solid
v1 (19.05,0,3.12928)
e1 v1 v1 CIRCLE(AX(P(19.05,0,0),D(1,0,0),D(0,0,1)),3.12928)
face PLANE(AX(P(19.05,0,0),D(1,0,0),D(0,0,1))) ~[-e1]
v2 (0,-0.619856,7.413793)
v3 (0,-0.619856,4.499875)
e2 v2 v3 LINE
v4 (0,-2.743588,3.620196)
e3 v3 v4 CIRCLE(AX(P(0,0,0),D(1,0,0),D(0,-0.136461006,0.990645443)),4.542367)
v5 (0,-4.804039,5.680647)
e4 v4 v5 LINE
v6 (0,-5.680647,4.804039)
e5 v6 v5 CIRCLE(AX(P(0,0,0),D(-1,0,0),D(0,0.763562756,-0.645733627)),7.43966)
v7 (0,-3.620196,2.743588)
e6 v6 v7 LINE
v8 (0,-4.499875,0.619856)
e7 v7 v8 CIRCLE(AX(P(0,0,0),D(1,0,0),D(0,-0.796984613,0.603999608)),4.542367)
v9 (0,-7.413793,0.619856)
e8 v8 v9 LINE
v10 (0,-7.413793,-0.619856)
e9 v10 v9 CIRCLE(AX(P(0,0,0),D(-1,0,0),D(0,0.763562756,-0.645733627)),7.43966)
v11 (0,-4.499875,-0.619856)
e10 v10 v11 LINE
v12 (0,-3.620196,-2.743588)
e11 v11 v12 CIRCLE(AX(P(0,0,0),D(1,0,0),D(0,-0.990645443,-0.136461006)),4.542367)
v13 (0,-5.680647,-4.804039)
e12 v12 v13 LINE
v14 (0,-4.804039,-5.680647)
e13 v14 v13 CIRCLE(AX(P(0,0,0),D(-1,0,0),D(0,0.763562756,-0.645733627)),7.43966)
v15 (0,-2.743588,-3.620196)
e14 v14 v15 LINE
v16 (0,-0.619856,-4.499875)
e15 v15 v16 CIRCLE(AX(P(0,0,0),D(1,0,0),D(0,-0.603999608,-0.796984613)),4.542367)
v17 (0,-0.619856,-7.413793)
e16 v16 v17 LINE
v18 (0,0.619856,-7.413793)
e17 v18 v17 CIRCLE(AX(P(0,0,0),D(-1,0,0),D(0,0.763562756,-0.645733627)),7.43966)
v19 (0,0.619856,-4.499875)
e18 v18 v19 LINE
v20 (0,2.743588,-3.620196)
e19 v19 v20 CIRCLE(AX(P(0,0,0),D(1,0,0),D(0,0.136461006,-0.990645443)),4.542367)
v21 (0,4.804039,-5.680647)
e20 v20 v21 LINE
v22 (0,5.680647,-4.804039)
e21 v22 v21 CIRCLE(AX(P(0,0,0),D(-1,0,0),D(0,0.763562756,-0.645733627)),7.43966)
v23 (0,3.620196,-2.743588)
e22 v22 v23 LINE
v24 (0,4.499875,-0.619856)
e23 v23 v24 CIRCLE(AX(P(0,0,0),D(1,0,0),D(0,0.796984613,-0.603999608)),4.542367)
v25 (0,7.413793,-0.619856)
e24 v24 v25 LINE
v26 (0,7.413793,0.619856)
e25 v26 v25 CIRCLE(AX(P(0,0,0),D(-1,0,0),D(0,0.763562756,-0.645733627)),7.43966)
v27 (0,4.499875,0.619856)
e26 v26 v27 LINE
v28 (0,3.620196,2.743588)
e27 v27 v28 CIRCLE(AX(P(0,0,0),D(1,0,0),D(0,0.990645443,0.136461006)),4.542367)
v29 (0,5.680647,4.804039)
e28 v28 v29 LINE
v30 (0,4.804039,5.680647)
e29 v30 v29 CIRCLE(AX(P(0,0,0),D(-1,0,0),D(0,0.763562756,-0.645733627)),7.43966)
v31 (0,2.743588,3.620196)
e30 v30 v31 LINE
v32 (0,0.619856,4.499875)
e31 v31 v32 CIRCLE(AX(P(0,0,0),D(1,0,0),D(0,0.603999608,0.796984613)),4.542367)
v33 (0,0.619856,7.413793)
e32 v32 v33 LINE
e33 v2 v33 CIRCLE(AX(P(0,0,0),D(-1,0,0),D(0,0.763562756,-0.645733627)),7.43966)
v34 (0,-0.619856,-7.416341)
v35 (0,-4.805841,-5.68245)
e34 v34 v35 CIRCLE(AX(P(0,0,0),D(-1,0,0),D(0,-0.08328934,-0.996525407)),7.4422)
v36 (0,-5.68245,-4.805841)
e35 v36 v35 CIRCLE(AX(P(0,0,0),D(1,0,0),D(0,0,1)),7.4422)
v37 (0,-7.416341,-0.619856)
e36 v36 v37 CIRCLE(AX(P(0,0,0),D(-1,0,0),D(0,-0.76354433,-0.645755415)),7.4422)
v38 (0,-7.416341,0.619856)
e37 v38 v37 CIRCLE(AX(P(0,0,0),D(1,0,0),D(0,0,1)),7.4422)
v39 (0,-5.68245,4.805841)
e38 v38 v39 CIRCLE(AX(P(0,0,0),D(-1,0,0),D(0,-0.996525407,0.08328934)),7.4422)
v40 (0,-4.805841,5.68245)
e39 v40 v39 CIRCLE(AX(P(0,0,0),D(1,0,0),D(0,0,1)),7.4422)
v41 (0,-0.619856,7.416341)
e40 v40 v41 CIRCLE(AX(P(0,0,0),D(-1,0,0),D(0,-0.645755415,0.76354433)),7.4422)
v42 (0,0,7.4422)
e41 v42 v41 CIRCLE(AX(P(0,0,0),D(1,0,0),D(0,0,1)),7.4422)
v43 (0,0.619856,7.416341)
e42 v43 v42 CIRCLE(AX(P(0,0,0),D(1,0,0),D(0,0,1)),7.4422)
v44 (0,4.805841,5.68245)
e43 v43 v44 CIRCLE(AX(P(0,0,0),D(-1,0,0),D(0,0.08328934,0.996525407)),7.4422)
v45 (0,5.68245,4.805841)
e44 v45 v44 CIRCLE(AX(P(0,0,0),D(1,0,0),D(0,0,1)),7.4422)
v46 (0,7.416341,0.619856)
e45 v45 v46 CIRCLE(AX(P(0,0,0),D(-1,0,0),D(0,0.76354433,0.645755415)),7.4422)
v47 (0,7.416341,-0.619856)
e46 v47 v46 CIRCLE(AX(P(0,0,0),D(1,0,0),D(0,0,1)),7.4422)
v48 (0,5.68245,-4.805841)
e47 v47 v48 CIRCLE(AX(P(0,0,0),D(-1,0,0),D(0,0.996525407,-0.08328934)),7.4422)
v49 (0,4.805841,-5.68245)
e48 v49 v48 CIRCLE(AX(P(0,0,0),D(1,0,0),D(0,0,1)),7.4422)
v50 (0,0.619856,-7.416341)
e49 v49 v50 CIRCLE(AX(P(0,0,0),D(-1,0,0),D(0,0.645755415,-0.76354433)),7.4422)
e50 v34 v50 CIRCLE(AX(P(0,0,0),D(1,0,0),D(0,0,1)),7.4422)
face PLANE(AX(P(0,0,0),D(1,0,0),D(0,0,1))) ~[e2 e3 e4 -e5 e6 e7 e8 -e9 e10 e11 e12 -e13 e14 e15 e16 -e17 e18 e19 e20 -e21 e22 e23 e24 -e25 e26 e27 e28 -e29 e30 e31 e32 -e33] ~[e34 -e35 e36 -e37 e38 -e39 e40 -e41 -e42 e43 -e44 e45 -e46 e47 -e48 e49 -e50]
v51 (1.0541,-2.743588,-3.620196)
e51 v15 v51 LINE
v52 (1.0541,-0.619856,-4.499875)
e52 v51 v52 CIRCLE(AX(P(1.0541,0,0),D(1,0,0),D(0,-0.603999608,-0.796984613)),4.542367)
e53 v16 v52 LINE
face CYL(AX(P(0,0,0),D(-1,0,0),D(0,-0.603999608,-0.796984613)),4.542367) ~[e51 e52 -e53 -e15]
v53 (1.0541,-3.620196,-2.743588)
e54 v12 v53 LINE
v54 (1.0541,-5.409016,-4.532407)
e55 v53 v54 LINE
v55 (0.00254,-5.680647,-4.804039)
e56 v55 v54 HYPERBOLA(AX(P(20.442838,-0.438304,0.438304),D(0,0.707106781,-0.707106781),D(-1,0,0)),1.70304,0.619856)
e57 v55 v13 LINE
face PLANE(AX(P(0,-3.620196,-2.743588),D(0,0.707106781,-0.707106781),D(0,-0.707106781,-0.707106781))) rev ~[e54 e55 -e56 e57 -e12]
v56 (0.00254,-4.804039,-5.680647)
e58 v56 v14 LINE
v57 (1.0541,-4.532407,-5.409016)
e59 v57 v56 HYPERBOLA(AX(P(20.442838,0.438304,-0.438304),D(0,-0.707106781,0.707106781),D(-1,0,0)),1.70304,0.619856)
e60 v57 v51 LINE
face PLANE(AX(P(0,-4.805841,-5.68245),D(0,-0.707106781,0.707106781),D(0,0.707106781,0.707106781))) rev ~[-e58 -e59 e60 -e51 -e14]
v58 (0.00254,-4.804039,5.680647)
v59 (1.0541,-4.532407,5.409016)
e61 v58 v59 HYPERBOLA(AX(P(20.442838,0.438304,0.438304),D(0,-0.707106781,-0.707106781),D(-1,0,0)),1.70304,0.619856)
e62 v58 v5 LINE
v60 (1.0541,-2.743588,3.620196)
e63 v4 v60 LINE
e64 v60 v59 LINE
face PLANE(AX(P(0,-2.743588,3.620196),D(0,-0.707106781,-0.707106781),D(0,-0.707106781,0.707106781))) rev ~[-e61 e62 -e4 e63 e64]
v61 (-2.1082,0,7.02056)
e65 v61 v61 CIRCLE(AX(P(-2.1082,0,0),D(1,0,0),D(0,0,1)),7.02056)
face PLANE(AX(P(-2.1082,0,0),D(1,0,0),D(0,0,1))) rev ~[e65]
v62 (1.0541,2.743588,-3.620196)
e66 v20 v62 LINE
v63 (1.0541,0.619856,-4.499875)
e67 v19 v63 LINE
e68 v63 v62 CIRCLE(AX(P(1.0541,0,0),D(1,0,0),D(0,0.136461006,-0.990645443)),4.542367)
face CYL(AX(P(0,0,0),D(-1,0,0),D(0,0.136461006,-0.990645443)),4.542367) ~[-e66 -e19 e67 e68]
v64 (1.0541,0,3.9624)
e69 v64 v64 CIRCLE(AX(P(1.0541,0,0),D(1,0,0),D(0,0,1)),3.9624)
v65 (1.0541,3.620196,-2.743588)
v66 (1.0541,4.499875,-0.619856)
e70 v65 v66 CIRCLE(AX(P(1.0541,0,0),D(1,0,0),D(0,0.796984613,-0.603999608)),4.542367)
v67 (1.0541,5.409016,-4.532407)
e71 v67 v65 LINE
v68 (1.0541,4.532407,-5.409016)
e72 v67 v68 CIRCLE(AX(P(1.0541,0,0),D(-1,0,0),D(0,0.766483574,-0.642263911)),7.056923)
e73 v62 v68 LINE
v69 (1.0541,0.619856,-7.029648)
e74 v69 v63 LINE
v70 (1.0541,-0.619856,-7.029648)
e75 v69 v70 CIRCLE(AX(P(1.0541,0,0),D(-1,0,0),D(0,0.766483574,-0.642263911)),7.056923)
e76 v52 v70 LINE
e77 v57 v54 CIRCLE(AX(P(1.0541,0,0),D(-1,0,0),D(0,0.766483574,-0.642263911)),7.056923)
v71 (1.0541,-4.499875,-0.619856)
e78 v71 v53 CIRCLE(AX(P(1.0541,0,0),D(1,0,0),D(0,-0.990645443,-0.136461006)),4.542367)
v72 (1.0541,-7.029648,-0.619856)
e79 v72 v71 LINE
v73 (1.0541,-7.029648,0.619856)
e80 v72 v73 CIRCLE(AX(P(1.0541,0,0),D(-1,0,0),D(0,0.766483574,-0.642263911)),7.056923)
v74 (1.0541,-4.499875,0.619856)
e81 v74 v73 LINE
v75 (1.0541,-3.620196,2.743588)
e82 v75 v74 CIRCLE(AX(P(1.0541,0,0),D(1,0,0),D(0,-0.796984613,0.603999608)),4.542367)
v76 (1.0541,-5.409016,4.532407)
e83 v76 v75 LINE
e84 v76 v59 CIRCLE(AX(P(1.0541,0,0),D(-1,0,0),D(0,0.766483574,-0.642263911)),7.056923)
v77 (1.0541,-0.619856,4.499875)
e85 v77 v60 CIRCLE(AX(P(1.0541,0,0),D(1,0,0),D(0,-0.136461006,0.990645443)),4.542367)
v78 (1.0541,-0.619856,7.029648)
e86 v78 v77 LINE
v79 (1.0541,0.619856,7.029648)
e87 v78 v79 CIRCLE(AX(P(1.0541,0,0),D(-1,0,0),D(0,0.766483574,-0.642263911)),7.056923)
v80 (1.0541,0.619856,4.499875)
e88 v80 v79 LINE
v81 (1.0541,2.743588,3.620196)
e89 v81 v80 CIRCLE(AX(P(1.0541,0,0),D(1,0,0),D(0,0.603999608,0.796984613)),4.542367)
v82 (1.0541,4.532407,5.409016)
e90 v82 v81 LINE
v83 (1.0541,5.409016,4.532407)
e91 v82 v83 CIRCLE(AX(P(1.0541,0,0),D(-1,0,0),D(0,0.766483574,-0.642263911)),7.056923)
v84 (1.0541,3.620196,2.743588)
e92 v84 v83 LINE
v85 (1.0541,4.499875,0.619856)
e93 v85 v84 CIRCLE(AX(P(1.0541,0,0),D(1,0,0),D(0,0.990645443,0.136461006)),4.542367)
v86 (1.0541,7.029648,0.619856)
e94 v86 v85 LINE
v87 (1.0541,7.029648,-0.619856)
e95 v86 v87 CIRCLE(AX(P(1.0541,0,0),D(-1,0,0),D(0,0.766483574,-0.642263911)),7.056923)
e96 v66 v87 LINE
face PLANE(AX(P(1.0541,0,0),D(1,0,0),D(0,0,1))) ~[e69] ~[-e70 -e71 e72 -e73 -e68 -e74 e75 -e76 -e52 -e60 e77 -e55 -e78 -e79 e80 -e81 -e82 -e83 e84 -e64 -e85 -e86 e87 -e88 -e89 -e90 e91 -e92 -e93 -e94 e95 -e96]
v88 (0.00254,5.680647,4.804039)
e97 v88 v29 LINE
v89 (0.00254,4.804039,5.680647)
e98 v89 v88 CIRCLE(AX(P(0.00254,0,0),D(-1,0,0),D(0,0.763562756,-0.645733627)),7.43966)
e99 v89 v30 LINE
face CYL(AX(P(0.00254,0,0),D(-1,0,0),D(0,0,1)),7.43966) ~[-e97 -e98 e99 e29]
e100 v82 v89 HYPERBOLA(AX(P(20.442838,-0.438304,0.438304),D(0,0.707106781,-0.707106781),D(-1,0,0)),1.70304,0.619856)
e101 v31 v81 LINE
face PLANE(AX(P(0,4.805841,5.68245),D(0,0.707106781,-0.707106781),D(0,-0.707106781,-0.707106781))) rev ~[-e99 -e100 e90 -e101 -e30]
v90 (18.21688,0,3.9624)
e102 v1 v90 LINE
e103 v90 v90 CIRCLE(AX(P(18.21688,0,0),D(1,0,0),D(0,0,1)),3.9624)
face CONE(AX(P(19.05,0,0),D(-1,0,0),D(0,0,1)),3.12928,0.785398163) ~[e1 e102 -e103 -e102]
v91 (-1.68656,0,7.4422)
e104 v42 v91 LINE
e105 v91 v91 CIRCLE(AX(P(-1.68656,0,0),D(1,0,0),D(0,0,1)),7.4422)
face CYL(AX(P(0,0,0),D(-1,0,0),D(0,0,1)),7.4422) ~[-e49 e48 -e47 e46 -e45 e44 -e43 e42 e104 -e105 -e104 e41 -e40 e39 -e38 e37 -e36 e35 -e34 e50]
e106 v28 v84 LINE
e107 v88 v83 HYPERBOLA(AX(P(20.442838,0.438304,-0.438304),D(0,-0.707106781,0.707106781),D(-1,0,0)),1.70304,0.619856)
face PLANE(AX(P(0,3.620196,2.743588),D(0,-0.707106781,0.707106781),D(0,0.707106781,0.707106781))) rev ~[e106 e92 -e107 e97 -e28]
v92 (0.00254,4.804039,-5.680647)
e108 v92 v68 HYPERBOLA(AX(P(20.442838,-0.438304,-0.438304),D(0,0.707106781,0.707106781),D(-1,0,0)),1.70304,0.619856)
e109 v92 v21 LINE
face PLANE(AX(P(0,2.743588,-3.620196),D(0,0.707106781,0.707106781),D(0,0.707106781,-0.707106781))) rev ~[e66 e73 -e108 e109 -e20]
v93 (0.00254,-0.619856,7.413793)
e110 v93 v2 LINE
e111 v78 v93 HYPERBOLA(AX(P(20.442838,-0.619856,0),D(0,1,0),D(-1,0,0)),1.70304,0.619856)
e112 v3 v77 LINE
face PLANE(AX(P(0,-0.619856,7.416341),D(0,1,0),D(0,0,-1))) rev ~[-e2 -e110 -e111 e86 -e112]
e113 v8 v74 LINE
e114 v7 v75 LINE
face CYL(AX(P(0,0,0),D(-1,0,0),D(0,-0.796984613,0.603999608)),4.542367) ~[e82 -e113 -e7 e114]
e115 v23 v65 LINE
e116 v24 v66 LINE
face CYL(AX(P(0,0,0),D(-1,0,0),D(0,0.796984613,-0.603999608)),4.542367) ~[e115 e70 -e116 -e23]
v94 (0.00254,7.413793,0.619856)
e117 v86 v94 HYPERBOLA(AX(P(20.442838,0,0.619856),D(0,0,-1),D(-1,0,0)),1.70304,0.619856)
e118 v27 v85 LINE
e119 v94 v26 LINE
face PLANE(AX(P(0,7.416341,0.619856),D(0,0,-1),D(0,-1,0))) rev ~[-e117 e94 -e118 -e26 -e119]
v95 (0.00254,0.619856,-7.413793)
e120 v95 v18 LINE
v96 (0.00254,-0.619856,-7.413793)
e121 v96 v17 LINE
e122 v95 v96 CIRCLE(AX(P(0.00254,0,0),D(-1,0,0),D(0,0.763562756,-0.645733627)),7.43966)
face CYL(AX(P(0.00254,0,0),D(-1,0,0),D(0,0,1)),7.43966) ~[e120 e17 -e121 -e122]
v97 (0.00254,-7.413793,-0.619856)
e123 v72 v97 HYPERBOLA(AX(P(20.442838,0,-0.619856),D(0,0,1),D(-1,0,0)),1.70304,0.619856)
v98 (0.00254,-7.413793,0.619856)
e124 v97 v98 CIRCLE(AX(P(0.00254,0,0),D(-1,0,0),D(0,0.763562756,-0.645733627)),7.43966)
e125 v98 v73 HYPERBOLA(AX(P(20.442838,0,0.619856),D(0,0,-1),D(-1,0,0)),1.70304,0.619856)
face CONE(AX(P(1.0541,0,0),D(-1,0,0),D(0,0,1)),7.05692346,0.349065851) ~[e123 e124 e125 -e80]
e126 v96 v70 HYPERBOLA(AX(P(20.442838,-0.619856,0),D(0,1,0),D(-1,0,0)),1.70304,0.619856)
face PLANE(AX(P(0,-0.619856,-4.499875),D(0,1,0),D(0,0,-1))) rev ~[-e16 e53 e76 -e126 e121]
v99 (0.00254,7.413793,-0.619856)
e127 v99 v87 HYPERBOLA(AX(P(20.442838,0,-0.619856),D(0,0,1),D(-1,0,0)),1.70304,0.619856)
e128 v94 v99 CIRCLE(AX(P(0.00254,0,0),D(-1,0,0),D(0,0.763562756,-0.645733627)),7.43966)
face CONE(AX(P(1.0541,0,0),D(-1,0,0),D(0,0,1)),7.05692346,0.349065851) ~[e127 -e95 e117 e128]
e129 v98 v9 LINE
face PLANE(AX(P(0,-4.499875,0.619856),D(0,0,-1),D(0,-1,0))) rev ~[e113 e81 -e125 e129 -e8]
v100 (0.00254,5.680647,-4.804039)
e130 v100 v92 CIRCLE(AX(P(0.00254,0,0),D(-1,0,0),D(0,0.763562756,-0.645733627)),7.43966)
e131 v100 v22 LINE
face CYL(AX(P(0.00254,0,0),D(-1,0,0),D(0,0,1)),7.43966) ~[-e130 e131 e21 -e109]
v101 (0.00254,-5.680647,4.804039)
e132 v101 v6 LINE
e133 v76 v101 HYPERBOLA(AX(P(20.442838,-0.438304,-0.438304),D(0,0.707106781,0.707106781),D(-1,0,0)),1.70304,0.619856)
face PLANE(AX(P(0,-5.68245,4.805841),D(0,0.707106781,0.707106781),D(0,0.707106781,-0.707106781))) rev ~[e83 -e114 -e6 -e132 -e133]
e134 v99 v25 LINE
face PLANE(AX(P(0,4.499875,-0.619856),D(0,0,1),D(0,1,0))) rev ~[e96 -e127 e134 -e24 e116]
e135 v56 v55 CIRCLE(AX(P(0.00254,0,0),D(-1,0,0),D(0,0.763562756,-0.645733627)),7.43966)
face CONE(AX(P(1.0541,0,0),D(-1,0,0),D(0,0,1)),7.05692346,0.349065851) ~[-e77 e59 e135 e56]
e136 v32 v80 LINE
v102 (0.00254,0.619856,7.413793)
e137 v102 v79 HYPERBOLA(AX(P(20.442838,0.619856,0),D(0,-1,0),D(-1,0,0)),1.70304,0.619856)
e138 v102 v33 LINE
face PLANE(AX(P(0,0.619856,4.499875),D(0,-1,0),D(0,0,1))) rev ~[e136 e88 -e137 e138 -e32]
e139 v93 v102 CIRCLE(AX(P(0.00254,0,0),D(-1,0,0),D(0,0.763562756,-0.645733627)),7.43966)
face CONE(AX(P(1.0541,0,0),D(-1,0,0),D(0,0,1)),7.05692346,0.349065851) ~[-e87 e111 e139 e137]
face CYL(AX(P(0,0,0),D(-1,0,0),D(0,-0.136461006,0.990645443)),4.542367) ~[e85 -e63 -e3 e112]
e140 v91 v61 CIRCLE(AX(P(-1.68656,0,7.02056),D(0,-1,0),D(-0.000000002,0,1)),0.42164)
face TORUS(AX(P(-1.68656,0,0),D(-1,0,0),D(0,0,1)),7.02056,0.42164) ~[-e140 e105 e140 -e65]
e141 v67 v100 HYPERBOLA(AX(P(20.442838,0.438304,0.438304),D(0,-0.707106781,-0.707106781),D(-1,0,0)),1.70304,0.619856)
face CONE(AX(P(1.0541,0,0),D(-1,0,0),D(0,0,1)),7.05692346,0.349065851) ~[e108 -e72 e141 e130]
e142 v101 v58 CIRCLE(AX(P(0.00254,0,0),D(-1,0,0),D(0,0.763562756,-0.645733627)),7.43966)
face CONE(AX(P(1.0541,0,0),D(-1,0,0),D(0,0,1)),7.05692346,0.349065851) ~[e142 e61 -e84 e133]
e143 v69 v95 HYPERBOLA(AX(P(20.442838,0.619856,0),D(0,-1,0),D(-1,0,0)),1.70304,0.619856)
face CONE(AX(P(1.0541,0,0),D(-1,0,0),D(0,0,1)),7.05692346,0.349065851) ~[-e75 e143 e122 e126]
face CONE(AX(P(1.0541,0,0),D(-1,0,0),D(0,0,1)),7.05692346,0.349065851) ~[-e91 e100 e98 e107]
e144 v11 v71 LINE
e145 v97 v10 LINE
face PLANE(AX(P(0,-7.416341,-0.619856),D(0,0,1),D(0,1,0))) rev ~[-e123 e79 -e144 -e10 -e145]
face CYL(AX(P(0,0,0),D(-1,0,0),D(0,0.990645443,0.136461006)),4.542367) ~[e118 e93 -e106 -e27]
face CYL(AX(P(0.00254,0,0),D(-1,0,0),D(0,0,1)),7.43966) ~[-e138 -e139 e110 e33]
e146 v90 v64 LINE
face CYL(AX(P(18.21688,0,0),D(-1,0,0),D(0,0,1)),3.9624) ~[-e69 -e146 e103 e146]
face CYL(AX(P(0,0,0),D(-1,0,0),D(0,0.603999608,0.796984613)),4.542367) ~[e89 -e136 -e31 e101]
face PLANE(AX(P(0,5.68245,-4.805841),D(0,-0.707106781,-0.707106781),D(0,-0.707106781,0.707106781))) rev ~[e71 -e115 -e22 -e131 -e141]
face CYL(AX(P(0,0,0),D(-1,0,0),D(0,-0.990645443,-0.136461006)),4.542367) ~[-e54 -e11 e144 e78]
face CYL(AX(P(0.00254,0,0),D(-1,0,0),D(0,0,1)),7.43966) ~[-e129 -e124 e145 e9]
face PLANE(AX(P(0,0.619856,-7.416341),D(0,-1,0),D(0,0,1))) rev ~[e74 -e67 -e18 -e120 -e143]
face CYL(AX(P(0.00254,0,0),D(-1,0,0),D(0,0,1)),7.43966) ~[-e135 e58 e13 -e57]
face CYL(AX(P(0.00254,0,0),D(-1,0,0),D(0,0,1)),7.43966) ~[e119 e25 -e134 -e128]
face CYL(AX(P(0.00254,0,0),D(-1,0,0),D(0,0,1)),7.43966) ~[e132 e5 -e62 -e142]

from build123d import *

# Parameters (mm, degrees)
RIBCUT_START     = -1.0541
RIBCUT_DEPTH     = 1.0541
RIBCUTSPAT_COUNT = 8
RIBCUTSPAT_ANGLE = 315


with BuildPart() as part:
    # BodySke → BaseBody (revolve)
    with BuildSketch(Plane.XY):
        with BuildLine():
            Line((-2.1082, 7.02056), (-2.1082, 0))
            Line((-2.1082, 0), (19.05, 0))
            Line((19.05, 0), (19.05, 3.12928))
            Line((19.05, 3.12928), (18.21688, 3.9624))
            Line((18.21688, 3.9624), (1.0541, 3.9624))
            Line((1.0541, 3.9624), (1.0541, 7.05692346))
            Line((1.0541, 7.05692346), (0.00254, 7.43966))
            Line((0.00254, 7.43966), (0, 7.43966))
            Line((0, 7.43966), (0, 7.4422))
            Line((0, 7.4422), (-1.68656, 7.4422))
            ThreePointArc((-1.68656, 7.4422), (-1.984704503, 7.318704503), (-2.1082, 7.02056))
        make_face()
    revolve(axis=Axis((0, 0, 0), (1, 0, 0)))

    # RibCutSke → RibCut (cut)
    with BuildSketch(Plane(origin=(1.0541, 1.794401132, -0.090952894), x_dir=(0, 0, -1), z_dir=(1, 0, 0)).offset(RIBCUT_START)):
        with BuildLine():
            Line((0.52890303, 2.705473707), (0.52890303, 5.621940248))
            ThreePointArc((0.52890303, 5.621940248), (2.757053746, 5.081295124), (4.71488806, 3.888048477))
            Line((4.71488806, 3.888048477), (2.652634792, 1.825795208))
            ThreePointArc((2.652634792, 1.825795208), (1.647335573, 2.40219846), (0.52890303, 2.705473707))
        make_face()
    ribcut = extrude(amount=RIBCUT_DEPTH, mode=Mode.SUBTRACT)

    # RibCutsPat: RibCut ×8 about axis
    ribcutspat_axis = Axis((0, 0, 0), (1, 0, 0))
    for i in range(1, RIBCUTSPAT_COUNT):
        add(ribcut.rotate(ribcutspat_axis, i * RIBCUTSPAT_ANGLE / (RIBCUTSPAT_COUNT - 1)), mode=Mode.SUBTRACT)


solid = part.part
